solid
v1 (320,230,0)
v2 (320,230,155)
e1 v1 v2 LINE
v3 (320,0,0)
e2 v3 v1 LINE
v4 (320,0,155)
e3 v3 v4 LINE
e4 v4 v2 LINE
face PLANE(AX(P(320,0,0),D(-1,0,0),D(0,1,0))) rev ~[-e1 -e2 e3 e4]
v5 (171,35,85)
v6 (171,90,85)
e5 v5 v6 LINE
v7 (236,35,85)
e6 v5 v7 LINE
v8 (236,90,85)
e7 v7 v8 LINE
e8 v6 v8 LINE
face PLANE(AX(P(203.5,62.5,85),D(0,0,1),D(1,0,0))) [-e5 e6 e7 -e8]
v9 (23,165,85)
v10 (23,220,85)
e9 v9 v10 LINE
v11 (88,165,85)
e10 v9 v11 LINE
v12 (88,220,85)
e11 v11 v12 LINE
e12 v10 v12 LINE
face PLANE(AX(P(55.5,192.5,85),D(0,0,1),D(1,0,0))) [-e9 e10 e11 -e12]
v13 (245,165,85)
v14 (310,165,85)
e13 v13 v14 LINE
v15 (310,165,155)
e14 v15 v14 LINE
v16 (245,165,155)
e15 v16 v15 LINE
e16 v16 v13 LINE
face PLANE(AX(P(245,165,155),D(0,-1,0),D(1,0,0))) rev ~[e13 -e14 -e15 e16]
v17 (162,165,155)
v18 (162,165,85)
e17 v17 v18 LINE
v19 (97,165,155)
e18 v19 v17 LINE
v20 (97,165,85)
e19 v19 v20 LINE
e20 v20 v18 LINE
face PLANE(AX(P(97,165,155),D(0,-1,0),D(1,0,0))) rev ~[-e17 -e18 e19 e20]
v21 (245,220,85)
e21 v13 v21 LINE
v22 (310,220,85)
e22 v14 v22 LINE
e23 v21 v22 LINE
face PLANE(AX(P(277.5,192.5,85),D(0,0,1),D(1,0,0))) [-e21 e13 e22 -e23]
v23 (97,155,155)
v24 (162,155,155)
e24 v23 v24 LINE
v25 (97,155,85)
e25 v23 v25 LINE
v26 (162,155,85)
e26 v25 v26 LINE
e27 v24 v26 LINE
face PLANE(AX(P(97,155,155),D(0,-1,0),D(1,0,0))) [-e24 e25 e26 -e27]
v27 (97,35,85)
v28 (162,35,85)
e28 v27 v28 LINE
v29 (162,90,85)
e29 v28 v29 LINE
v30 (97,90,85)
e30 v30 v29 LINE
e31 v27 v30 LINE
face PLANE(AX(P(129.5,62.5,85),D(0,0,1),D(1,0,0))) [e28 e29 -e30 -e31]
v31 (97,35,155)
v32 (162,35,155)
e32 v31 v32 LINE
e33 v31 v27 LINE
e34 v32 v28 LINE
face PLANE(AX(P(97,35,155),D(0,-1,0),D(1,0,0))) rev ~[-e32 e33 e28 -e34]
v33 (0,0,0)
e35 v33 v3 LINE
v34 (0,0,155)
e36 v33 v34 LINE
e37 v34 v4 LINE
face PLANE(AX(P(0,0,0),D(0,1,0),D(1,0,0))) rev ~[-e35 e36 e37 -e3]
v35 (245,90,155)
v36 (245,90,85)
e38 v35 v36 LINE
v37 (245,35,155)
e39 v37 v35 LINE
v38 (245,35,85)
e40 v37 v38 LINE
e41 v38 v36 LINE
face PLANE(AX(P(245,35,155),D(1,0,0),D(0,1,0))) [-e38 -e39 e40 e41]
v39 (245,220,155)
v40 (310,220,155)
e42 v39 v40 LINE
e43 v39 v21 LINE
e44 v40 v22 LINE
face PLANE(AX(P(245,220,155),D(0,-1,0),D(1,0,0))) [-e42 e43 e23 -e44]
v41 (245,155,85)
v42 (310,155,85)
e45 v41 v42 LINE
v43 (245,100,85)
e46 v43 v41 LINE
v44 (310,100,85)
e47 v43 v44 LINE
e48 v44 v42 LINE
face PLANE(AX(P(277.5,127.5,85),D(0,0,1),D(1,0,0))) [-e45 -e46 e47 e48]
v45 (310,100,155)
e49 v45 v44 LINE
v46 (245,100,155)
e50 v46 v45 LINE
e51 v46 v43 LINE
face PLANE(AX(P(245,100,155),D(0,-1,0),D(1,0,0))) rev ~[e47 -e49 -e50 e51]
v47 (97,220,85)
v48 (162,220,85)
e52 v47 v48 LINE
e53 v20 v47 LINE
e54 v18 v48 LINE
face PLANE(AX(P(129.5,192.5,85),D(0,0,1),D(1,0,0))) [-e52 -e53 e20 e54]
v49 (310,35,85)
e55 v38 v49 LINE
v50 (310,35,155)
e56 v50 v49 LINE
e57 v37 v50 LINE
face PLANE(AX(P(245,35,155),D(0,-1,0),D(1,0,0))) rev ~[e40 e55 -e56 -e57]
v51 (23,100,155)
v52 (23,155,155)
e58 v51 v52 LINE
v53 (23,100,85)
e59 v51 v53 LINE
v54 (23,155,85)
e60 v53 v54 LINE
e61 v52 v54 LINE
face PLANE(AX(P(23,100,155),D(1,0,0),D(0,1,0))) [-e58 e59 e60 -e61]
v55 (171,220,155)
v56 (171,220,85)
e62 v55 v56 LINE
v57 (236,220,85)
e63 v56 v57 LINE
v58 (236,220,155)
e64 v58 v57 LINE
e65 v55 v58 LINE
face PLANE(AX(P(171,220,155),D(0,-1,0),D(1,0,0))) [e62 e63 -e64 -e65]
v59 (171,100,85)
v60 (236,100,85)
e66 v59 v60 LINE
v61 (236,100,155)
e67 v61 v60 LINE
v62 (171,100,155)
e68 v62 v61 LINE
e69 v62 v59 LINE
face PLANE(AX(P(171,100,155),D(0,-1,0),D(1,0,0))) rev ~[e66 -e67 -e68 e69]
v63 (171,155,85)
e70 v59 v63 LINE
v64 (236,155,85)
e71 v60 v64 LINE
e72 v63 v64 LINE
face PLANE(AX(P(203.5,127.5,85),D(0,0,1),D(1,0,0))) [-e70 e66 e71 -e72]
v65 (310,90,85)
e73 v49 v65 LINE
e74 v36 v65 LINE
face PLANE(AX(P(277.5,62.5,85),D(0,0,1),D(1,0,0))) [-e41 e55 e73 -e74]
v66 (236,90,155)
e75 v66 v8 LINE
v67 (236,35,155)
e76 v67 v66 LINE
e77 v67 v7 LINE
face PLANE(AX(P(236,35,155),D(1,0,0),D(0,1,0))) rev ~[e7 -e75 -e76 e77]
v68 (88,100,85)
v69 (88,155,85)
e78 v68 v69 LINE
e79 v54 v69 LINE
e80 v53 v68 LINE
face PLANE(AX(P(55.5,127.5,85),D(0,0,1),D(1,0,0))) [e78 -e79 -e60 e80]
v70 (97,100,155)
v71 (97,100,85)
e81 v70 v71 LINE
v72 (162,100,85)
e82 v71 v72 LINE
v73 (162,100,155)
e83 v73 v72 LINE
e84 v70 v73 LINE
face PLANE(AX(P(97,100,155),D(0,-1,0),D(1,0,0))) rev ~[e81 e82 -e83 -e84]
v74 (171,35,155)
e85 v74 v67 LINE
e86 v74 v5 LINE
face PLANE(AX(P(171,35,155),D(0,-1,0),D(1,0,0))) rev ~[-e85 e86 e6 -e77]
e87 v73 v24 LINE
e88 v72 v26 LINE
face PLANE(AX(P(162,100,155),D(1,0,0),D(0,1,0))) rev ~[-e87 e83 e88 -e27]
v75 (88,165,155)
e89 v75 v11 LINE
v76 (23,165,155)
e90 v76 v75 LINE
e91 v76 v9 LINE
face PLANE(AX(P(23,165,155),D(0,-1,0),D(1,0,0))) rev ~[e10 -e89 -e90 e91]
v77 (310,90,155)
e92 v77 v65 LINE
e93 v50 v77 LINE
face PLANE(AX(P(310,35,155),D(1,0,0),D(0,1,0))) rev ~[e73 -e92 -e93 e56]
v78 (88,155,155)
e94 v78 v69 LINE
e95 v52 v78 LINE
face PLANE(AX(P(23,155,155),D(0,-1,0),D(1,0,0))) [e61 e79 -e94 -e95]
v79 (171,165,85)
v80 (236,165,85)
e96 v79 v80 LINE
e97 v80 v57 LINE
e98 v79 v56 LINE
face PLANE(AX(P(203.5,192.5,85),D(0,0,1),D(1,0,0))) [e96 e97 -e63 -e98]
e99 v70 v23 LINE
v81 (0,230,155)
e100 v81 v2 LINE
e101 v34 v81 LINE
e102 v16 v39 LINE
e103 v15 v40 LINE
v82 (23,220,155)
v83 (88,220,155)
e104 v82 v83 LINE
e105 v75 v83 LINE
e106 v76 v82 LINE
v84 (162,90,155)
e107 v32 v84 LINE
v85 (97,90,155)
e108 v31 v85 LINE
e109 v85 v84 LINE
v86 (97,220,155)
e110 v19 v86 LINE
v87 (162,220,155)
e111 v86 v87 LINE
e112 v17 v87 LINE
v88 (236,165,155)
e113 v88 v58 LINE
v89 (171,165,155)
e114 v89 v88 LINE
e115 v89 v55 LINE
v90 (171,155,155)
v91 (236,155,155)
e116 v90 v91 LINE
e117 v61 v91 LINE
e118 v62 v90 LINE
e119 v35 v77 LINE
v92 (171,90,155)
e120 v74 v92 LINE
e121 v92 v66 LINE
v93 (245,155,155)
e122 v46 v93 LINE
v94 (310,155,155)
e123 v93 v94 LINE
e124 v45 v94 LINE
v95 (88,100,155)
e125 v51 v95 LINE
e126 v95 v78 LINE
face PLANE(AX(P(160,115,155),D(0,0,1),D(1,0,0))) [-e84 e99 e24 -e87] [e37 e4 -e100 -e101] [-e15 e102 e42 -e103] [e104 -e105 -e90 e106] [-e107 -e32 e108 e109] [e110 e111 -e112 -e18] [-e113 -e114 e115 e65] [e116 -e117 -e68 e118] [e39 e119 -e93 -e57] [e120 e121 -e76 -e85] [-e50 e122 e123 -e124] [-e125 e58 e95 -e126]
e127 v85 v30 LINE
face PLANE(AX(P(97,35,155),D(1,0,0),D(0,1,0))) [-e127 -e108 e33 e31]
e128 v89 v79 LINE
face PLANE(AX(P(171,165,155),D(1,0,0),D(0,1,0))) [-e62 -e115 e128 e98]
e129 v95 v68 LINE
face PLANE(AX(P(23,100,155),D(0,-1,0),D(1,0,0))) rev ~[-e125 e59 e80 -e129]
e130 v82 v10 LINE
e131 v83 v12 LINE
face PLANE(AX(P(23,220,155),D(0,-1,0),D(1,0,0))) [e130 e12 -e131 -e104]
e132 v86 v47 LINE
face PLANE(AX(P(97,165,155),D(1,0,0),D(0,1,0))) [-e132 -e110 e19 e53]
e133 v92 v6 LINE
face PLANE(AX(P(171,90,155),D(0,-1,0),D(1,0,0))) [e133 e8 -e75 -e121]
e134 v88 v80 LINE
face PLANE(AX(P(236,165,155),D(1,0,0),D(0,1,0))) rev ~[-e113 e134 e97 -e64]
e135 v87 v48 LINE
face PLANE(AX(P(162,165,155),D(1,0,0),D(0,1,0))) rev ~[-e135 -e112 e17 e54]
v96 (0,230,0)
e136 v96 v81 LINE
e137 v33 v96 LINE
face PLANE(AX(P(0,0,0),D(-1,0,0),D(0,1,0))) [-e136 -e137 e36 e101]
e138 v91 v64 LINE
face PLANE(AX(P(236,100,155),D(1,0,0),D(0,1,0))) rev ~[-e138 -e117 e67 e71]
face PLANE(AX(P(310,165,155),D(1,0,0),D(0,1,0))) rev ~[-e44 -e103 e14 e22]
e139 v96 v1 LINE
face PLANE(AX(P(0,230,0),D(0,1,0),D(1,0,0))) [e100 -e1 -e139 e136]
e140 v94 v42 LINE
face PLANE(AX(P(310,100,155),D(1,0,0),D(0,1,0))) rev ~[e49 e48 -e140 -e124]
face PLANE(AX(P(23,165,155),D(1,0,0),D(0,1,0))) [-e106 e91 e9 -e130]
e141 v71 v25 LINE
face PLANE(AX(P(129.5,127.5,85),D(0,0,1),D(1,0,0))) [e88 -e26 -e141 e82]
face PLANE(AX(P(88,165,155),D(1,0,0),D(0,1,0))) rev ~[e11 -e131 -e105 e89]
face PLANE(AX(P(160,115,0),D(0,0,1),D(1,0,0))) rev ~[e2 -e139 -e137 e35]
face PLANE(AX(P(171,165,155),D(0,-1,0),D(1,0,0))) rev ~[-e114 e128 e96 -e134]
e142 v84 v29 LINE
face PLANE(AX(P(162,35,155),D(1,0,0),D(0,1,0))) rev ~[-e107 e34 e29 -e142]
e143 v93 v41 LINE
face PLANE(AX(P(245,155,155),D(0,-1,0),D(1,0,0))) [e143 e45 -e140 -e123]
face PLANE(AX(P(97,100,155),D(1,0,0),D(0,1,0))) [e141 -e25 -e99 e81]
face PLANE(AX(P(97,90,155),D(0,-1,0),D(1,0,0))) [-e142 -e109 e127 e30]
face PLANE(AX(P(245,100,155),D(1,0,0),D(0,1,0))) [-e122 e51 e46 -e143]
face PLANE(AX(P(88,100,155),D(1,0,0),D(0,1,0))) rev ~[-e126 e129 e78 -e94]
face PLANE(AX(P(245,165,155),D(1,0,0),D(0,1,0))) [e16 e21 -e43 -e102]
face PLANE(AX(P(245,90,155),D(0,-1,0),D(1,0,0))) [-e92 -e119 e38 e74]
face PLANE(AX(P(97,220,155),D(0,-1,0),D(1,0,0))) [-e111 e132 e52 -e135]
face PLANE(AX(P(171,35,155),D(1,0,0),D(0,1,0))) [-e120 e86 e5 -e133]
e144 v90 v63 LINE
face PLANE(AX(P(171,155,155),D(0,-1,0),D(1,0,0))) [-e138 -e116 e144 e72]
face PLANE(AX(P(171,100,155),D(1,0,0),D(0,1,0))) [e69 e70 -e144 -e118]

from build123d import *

# Parameters (mm, degrees)
F0_W     = 320
F0_H     = 230
F1_DEPTH = 155
F2_W     = 65
F2_H     = 55
F3_DEPTH = 70


with BuildPart() as f1:
    # F0 (on Top) → F1 (new body)
    with BuildSketch(Plane.XY):
        with Locations((160, 115)):
            Rectangle(F0_W, F0_H)
    extrude(amount=F1_DEPTH)

    # F2 (on face) → F3 (cut)
    with BuildSketch(Plane.XY.offset(155)):
        with Locations((129.5, 127.5)):
            Rectangle(F2_W, F2_H)
        with Locations((129.5, 192.5)):
            Rectangle(F2_W, F2_H)
        with Locations((55.5, 192.5)):
            Rectangle(F2_W, F2_H)
        with Locations((55.5, 127.5)):
            Rectangle(F2_W, F2_H)
        with Locations((129.5, 62.5)):
            Rectangle(F2_W, F2_H)
        with Locations((203.5, 62.5)):
            Rectangle(F2_W, F2_H)
        with Locations((203.5, 127.5)):
            Rectangle(F2_W, F2_H)
        with Locations((203.5, 192.5)):
            Rectangle(F2_W, F2_H)
        with Locations((277.5, 192.5)):
            Rectangle(F2_W, F2_H)
        with Locations((277.5, 127.5)):
            Rectangle(F2_W, F2_H)
        with Locations((277.5, 62.5)):
            Rectangle(F2_W, F2_H)
    extrude(amount=-F3_DEPTH, mode=Mode.SUBTRACT)


solid = f1.part
